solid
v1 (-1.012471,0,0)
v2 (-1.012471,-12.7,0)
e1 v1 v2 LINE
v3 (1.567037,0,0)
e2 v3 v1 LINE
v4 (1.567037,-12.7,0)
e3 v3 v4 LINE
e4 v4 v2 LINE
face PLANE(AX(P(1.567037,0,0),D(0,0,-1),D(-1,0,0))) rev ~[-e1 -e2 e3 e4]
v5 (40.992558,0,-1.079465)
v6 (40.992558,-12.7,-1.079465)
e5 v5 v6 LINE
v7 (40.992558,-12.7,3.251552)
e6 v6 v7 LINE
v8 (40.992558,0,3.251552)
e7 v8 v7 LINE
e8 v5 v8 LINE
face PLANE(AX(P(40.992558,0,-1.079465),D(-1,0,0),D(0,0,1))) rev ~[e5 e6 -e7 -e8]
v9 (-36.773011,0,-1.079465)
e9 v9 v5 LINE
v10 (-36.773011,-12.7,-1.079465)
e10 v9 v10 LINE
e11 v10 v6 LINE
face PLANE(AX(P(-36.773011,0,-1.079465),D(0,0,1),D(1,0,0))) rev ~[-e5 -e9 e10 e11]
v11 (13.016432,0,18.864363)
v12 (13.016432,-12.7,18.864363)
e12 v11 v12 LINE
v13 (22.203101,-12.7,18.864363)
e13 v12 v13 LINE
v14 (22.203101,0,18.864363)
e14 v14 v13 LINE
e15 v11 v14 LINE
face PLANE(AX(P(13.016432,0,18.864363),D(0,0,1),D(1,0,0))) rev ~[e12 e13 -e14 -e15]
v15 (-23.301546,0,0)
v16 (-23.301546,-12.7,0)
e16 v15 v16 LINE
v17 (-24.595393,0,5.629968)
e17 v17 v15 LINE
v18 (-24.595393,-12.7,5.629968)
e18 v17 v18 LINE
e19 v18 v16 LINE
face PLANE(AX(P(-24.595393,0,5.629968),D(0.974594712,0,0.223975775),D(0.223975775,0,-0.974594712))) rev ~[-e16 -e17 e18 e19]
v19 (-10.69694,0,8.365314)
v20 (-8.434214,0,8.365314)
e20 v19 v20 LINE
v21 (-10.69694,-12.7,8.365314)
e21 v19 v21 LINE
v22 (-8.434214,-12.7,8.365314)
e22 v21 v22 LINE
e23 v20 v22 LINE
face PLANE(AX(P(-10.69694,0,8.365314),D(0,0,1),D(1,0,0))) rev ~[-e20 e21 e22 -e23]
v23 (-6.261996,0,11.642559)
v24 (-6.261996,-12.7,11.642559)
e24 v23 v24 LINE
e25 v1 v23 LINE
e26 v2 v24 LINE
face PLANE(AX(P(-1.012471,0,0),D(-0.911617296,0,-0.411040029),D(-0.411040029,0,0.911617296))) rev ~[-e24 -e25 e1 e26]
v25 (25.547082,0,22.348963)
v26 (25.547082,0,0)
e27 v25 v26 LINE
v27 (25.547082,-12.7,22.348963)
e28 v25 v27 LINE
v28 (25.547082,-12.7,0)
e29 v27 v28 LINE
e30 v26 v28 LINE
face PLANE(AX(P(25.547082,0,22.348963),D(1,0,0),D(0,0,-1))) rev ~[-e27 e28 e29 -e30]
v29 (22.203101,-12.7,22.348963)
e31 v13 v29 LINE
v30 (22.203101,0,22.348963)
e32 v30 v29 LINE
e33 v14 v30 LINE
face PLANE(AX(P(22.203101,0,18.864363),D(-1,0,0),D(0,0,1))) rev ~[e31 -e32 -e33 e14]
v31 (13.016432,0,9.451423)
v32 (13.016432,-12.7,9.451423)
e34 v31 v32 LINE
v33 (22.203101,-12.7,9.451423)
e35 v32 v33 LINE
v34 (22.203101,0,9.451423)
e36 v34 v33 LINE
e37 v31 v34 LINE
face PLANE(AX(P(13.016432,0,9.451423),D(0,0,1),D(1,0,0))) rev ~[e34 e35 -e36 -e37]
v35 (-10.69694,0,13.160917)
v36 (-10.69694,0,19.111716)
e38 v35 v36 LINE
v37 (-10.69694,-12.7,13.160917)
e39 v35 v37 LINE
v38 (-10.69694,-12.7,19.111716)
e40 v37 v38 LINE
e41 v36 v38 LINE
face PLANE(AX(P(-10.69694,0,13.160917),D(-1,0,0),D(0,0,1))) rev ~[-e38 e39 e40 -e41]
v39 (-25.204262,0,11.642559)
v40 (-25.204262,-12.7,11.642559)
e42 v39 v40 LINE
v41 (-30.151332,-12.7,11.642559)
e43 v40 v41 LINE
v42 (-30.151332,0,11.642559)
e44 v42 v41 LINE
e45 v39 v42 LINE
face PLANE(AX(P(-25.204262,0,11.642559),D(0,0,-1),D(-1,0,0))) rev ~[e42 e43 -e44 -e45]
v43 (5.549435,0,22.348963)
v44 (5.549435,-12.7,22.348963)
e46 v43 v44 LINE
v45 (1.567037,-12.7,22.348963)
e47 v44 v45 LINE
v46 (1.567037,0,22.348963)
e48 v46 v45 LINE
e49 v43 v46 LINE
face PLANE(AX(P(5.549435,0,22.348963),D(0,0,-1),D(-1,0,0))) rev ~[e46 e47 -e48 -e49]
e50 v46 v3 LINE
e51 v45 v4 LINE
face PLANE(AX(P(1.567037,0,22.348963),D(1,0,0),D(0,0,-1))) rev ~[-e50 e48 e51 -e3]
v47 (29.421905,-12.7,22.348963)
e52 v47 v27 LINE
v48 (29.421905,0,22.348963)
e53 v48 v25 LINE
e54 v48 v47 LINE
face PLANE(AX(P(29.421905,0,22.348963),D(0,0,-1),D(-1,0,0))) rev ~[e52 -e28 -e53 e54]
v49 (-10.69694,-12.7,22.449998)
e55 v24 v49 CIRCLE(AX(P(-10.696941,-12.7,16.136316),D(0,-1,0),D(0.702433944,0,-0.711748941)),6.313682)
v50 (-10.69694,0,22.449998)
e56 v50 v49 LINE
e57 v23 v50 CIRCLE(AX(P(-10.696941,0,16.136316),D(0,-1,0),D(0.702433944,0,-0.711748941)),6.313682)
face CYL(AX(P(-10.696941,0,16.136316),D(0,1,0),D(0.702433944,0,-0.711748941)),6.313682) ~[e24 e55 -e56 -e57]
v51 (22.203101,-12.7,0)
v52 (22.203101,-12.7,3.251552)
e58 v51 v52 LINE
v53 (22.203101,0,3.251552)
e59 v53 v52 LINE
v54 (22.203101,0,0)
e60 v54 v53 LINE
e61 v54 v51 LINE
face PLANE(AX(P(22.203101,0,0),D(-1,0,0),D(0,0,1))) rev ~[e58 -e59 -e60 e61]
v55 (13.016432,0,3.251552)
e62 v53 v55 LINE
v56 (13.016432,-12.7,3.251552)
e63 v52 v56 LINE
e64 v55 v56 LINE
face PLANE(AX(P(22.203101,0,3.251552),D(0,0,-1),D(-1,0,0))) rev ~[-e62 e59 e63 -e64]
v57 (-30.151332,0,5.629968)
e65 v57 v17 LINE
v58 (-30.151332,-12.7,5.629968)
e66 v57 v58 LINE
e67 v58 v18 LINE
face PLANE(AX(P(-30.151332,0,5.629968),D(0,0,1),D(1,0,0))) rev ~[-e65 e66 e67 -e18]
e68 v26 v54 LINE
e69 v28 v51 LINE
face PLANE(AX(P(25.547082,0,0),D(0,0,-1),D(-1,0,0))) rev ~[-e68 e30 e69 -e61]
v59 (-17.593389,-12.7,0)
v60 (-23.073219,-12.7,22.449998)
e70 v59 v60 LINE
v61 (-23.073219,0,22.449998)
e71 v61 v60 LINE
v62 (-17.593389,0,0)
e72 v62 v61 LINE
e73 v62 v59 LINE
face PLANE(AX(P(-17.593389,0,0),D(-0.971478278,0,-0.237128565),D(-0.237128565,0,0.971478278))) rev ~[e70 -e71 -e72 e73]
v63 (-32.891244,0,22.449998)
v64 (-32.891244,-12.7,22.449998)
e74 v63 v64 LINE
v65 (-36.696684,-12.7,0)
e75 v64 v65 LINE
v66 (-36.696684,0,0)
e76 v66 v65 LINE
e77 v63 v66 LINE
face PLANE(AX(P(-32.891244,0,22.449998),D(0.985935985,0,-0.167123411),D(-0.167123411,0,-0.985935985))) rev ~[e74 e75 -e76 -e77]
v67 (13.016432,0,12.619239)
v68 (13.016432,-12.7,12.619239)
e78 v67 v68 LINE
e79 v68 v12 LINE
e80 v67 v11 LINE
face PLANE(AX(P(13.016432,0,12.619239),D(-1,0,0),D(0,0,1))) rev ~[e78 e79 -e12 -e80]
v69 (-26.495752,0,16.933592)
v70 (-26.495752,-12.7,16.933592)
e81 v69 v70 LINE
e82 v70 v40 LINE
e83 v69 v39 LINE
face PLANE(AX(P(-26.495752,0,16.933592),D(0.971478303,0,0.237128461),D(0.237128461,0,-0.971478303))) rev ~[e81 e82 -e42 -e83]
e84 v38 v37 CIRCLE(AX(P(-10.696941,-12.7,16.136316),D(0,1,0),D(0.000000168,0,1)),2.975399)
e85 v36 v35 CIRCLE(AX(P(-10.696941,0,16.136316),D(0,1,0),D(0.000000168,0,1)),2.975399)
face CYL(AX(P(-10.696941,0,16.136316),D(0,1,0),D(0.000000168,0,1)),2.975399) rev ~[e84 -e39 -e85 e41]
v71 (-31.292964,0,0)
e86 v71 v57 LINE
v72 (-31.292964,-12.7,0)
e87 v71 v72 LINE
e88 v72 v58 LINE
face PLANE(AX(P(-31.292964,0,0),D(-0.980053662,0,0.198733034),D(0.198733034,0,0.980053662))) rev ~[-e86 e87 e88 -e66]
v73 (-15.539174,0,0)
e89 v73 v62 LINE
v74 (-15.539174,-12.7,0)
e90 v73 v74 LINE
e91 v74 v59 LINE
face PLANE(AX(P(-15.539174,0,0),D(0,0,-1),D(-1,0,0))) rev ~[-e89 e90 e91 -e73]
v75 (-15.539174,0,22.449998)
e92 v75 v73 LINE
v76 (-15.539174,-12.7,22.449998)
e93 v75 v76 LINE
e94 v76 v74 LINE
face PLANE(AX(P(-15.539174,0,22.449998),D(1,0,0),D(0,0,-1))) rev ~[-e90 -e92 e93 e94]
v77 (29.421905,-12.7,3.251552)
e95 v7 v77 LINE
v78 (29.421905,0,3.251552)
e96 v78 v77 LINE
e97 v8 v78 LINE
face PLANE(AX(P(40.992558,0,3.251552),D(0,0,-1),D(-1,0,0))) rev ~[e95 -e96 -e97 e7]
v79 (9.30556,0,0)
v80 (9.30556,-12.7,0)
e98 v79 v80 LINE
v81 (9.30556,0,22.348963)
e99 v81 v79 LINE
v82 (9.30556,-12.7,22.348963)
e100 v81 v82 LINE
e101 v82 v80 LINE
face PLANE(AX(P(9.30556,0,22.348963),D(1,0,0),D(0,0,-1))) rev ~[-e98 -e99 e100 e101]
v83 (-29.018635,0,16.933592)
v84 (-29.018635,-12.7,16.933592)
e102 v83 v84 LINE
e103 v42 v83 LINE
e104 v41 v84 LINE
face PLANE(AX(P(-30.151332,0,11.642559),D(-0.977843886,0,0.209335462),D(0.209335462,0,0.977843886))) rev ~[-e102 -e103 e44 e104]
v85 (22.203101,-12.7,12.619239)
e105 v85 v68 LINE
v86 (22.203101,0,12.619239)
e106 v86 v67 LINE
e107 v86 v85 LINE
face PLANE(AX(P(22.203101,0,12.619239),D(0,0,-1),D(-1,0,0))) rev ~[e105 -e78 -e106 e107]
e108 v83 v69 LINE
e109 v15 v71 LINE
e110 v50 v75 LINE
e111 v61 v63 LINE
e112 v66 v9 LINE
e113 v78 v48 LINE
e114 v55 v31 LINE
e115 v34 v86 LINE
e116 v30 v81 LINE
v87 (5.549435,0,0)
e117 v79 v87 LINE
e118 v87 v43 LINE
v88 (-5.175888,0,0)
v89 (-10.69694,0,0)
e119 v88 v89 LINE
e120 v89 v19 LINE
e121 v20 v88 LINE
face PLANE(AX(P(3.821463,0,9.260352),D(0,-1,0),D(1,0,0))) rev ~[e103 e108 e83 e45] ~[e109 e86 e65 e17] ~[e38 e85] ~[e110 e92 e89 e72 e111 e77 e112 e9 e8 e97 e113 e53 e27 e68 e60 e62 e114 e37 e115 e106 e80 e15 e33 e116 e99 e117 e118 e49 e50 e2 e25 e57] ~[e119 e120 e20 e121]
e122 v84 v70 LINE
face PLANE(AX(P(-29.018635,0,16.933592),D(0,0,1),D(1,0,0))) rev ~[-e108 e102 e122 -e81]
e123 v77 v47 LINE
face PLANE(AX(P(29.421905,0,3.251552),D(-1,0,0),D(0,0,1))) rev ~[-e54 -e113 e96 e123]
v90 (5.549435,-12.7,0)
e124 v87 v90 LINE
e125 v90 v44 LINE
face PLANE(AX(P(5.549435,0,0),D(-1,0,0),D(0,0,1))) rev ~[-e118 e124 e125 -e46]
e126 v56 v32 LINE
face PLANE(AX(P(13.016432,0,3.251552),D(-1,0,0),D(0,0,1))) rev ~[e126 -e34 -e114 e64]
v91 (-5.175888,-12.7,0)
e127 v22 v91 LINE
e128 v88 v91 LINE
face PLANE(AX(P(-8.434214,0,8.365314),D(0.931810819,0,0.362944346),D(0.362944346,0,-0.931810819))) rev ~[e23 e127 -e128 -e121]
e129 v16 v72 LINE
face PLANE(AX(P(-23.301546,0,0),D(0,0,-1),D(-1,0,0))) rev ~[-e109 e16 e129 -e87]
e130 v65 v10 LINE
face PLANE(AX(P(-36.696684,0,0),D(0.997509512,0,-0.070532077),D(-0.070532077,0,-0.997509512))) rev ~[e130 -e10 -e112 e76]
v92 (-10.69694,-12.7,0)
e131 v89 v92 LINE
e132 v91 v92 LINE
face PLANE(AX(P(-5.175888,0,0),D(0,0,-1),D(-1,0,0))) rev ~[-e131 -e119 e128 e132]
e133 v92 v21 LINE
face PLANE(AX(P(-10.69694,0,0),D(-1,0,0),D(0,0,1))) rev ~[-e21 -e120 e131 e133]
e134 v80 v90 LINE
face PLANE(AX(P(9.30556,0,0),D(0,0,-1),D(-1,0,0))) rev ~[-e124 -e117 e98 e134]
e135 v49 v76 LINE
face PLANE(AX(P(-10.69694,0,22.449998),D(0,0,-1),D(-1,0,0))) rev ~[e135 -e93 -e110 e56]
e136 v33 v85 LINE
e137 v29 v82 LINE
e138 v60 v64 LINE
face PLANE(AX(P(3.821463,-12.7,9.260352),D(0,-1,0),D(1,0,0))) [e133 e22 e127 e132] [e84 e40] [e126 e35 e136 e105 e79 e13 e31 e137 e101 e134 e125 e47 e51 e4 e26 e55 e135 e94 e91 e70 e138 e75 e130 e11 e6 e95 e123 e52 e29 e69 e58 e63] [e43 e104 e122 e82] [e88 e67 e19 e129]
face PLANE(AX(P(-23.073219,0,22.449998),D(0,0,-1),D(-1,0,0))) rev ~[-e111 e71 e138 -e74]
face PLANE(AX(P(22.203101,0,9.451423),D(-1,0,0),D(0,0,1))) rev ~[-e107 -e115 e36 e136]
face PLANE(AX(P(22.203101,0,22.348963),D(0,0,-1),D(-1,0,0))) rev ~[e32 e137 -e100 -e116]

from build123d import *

# Parameters (mm, degrees)
F1_DEPTH = 12.7


with BuildPart() as f1:
    # F0 (on Front) → F1 (new body)
    with BuildSketch(Plane.XZ):
        with BuildLine():
            Line((-32.891244, 22.449998), (-36.696684, 0))
            Line((-36.696684, 0), (-36.773011, -1.079465))
            Line((-36.773011, -1.079465), (40.992558, -1.079465))
            Line((40.992558, -1.079465), (40.992558, 0))
            Line((40.992558, 0), (40.992558, 3.251552))
            Line((40.992558, 3.251552), (29.421905, 3.251552))
            Line((29.421905, 3.251552), (29.421905, 22.348963))
            Line((29.421905, 22.348963), (25.547082, 22.348963))
            Line((25.547082, 22.348963), (25.547082, 0))
            Line((25.547082, 0), (22.203101, 0))
            Line((22.203101, 0), (22.203101, 3.251552))
            Line((22.203101, 3.251552), (13.016432, 3.251552))
            Line((13.016432, 3.251552), (13.016432, 9.451423))
            Line((13.016432, 9.451423), (22.203101, 9.451423))
            Line((22.203101, 9.451423), (22.203101, 12.619239))
            Line((22.203101, 12.619239), (13.016432, 12.619239))
            Line((13.016432, 12.619239), (13.016432, 18.864363))
            Line((13.016432, 18.864363), (22.203101, 18.864363))
            Line((22.203101, 18.864363), (22.203101, 22.348963))
            Line((22.203101, 22.348963), (9.30556, 22.348963))
            Line((9.30556, 22.348963), (9.30556, 0))
            Line((9.30556, 0), (5.549435, 0))
            Line((5.549435, 0), (5.549435, 22.348963))
            Line((5.549435, 22.348963), (1.567037, 22.348963))
            Line((1.567037, 22.348963), (1.567037, 0))
            Line((1.567037, 0), (-1.012471, 0))
            Line((-1.012471, 0), (-6.261996, 11.642559))
            ThreePointArc((-6.261996, 11.642559), (-4.855933, 18.533233), (-10.69694, 22.449998))
            Line((-10.69694, 22.449998), (-15.539174, 22.449998))
            Line((-15.539174, 22.449998), (-15.539174, 0))
            Line((-15.539174, 0), (-17.593389, 0))
            Line((-17.593389, 0), (-23.073219, 22.449998))
            Line((-23.073219, 22.449998), (-32.891244, 22.449998))
        make_face()
        Polygon((-24.595393, 5.629968), (-23.301546, 0), (-31.292964, 0), (-30.151332, 5.629968), align=None, mode=Mode.SUBTRACT)
        Polygon((-5.175888, 0), (-10.69694, 0), (-10.69694, 8.365314), (-8.434214, 8.365314), align=None, mode=Mode.SUBTRACT)
        Polygon((-25.204262, 11.642559), (-30.151332, 11.642559), (-29.018635, 16.933592), (-26.495752, 16.933592), align=None, mode=Mode.SUBTRACT)
        with BuildLine():
            ThreePointArc((-10.69694, 19.111716), (-7.721541, 16.136316), (-10.69694, 13.160917))
            Line((-10.69694, 13.160917), (-10.69694, 19.111716))
        make_face(mode=Mode.SUBTRACT)
    extrude(amount=F1_DEPTH)


solid = f1.part
